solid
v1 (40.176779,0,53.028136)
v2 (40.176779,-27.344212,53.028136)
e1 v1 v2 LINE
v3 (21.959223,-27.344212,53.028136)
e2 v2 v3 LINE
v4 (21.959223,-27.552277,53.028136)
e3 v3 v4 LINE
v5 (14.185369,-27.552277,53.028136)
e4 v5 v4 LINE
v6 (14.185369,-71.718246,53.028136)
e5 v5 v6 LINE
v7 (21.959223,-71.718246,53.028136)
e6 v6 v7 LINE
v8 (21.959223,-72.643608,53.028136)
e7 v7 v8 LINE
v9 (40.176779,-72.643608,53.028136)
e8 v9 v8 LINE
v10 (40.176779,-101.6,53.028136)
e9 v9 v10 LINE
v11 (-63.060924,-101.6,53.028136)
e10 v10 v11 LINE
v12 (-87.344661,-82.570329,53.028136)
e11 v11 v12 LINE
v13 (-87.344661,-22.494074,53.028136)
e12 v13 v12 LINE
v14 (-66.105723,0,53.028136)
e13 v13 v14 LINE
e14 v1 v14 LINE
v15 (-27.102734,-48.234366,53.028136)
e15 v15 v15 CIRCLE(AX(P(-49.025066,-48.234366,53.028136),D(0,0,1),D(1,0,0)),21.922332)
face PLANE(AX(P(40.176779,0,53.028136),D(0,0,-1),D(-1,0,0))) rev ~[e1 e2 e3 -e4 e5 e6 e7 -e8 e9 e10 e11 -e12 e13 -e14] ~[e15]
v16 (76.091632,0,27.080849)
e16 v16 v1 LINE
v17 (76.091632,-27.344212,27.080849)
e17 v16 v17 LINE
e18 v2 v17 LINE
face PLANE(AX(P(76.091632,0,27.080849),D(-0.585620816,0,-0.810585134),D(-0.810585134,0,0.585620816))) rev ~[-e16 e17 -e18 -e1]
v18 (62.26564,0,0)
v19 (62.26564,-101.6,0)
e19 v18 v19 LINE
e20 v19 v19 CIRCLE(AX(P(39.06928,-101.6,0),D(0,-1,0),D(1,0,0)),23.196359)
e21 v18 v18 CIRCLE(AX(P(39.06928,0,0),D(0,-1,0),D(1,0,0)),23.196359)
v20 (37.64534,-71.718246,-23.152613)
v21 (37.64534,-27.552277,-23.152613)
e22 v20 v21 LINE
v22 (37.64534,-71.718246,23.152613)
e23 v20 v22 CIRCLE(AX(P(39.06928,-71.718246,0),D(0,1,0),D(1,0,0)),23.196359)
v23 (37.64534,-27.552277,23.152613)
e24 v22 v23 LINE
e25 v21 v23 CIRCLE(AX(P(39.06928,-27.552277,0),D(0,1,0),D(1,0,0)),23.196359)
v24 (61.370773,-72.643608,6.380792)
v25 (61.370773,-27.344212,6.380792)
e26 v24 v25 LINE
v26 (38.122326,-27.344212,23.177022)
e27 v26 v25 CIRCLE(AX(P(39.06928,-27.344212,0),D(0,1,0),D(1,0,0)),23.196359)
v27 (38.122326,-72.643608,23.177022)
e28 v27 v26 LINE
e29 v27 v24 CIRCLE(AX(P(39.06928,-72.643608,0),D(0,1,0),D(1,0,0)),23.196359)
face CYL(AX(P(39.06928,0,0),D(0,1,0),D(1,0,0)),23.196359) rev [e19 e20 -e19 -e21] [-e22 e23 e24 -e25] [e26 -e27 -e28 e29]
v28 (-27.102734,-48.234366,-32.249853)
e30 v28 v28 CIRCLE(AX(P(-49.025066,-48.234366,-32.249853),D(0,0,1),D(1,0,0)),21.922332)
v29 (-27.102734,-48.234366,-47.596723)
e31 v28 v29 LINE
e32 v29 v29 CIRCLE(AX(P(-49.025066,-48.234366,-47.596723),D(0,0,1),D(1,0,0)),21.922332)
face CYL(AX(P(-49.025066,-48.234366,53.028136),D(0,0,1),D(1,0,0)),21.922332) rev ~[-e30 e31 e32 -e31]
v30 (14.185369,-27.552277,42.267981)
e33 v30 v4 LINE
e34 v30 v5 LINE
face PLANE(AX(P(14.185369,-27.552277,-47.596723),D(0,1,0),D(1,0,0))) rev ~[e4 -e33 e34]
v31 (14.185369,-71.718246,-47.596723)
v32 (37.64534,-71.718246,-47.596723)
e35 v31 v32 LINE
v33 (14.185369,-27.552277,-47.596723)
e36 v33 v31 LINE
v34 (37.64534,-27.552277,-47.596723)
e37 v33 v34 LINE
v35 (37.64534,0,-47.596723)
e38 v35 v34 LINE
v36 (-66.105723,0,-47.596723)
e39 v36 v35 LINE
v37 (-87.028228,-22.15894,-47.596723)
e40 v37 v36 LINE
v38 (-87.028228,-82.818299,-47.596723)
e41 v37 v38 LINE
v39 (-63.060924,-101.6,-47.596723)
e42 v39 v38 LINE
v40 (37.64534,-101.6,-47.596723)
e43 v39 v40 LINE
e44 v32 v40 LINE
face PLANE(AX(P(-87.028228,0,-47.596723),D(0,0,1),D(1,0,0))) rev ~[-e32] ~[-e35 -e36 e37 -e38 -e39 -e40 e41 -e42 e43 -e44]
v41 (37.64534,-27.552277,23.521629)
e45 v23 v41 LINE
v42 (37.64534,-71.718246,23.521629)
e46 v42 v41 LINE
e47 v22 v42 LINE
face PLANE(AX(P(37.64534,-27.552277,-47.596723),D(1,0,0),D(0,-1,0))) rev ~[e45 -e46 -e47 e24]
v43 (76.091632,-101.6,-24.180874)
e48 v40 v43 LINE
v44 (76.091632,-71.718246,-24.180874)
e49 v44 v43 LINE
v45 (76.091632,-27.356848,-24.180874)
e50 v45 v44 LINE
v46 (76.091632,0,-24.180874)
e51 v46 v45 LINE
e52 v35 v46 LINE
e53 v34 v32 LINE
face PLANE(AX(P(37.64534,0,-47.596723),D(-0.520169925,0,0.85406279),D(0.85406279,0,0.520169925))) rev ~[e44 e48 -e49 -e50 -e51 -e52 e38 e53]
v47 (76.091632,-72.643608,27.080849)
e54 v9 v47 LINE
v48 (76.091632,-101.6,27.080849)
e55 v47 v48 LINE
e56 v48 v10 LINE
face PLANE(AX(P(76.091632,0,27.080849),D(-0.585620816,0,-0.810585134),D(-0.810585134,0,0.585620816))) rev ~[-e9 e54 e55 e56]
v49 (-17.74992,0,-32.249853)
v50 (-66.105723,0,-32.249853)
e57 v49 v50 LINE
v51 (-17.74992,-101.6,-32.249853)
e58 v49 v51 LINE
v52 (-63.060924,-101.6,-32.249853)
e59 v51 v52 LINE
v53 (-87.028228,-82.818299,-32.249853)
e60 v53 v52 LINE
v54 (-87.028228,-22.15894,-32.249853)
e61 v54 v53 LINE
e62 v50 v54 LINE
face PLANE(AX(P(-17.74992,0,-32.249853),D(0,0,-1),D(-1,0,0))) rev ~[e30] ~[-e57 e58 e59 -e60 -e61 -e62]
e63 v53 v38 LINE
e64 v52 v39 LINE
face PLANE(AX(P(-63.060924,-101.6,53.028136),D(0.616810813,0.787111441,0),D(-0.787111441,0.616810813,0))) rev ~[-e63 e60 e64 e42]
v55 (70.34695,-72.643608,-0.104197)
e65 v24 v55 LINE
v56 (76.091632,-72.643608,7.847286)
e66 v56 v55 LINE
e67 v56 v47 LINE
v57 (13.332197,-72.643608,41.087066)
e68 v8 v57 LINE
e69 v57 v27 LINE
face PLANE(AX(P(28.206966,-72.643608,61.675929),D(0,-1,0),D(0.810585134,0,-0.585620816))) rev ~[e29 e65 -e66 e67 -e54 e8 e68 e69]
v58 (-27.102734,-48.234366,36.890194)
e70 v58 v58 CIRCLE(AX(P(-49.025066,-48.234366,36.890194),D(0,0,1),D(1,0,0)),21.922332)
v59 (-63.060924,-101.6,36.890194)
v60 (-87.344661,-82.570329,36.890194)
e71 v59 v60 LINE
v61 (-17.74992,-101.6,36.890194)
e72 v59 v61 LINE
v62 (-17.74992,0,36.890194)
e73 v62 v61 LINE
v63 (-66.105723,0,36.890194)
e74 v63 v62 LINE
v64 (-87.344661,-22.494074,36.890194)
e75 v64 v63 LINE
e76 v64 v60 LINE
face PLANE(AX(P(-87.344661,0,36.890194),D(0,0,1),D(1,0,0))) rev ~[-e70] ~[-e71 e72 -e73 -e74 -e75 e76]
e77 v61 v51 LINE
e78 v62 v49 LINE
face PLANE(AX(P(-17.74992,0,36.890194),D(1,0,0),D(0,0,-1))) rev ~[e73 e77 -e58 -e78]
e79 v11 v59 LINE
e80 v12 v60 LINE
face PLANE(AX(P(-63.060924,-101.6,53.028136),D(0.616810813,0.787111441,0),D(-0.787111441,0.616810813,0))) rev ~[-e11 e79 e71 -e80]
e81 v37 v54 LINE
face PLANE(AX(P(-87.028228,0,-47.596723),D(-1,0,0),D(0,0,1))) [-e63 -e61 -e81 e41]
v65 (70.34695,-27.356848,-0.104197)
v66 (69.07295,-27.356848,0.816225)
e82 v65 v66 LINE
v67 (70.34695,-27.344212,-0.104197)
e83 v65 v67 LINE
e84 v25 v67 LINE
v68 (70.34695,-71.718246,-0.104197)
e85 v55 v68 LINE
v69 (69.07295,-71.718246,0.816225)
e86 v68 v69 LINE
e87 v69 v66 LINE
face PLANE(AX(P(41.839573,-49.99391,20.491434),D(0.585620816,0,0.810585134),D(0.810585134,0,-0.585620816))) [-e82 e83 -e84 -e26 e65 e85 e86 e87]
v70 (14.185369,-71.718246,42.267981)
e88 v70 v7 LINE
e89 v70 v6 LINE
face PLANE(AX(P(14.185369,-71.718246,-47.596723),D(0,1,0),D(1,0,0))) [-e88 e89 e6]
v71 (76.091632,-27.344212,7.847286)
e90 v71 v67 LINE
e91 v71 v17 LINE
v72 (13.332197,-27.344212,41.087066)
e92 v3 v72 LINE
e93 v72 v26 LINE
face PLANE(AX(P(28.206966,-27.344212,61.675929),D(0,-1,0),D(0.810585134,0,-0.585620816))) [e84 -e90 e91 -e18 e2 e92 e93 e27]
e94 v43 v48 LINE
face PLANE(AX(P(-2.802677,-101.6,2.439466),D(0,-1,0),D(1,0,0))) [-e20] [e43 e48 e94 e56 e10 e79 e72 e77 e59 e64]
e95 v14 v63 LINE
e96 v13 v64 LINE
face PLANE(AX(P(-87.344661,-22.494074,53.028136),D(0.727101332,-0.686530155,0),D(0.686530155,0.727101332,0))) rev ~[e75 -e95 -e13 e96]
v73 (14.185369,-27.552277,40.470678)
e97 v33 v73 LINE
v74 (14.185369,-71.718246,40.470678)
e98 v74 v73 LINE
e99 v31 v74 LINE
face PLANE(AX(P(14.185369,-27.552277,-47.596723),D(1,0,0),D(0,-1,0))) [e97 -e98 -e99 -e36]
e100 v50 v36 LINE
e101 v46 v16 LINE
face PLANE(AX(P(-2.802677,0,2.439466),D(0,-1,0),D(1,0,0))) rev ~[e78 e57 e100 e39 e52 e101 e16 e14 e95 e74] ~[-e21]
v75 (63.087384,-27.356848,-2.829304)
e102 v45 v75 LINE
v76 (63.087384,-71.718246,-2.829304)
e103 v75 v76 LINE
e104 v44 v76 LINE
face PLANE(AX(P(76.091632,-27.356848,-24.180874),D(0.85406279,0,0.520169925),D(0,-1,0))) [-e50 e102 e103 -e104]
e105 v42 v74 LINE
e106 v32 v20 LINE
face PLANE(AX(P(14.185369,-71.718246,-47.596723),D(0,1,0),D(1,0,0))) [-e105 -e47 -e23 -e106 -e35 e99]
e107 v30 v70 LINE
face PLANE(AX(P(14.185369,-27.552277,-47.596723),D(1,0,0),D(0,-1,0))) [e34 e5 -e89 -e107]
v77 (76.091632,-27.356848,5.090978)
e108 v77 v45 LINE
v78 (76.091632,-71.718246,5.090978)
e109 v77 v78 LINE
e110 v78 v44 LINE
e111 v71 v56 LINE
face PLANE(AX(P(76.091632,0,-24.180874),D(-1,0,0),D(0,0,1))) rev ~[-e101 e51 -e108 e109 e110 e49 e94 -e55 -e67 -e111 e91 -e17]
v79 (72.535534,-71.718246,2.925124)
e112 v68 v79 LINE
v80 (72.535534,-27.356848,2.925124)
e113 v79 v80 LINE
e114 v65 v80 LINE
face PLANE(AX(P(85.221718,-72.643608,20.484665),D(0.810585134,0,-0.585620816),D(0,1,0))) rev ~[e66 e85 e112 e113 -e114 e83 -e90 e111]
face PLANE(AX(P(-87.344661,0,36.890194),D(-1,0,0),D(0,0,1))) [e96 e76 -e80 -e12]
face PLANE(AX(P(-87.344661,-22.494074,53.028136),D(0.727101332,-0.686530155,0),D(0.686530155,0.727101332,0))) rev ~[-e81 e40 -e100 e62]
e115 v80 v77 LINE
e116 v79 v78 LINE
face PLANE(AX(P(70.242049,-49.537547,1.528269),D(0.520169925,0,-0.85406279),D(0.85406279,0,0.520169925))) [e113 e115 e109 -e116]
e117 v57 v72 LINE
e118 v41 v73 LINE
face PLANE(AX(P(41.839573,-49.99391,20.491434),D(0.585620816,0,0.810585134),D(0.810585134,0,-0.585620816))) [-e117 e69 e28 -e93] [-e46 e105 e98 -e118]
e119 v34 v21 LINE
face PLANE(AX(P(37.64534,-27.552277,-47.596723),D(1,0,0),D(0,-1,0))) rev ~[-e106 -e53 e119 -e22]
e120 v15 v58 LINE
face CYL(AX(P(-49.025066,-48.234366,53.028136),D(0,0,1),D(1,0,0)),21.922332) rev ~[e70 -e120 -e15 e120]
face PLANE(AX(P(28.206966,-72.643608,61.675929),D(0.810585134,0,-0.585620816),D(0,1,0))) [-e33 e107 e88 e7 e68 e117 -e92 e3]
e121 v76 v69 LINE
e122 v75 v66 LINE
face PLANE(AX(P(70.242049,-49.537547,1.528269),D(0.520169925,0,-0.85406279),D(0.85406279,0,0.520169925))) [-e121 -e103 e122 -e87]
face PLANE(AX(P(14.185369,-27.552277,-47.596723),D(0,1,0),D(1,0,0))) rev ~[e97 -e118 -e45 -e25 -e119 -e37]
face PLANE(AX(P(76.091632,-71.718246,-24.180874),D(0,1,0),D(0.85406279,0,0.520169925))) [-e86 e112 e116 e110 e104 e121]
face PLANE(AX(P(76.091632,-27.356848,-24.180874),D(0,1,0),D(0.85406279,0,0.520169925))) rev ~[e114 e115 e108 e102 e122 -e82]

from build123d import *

# Parameters (mm, degrees)
F0_R      = 23.1963594976
F0_W      = 20.5508206286
F0_H      = 16.1379426718
F0_W_2    = 19.1440358758
F0_H_2    = 15.3468698263
F1_DEPTH  = 101.6
F3_DEPTH  = 152.4
F4_R      = 21.9223320718
F5_DEPTH  = 254
F6_W      = 70.3377723694
F6_H      = 45.2993959188
F7_DEPTH  = 25.4
F8_W      = 23.4599709511
F8_H      = 44.165968895
F9_DEPTH  = 254
F10_W     = 16.7544244835
F10_H     = 44.361397624
F11_DEPTH = 25


with BuildPart() as f1:
    # F0 (on Front) → F1 (new body)
    with BuildSketch(Plane.XZ):
        Polygon((40.1767790318, 53.0281364918), (-66.7938407264, 53.0281364918), (-66.7938407264, 36.89019382), (-17.7499198207, 36.89019382), (-17.7499198207, -32.2498530149), (-67.8841918707, -32.2498530149), (-67.8841918707, -47.5967228413), (37.6453399658, -47.5967228413), (76.091632247, -24.1808742285), (76.091632247, 27.0808488131), align=None)
        with Locations((39.0692800283, 0)):
            Circle(F0_R, mode=Mode.SUBTRACT)
        with Locations((-77.0692510407, 44.9591651559)):
            Rectangle(F0_W, F0_H)
        with Locations((-77.4562098086, -39.9232879281)):
            Rectangle(F0_W_2, F0_H_2)
    extrude(amount=F1_DEPTH)

    # F2 (on face) → F3 (cut)
    with BuildSketch(Plane.XY.offset(53.0281364918)):
        Polygon((-87.344661355, 0), (-87.344661355, -22.4940739572), (-66.105723381, 0), align=None)
        Polygon((-63.0609244108, -101.6), (-87.344661355, -82.5703293085), (-87.344661355, -101.6), align=None)
    extrude(amount=-F3_DEPTH, mode=Mode.SUBTRACT)

    # F4 (on face) → F5 (cut)
    with BuildSketch(Plane.XY.offset(53.0281364918)):
        with Locations((-49.0250661969, -48.2343658805)):
            Circle(F4_R)
    extrude(amount=-F5_DEPTH, mode=Mode.SUBTRACT)

    # F6 (on face) → F7 (cut)
    with BuildSketch(Plane(origin=(38.9509155446, 0, 53.9137821149), x_dir=(0.810585134, 0, -0.5856208164), z_dir=(0.5856208164, 0, 0.810585134))):
        with Locations((21.9143256545, -49.9939098954)):
            Rectangle(F6_W, F6_H)
    extrude(amount=-F7_DEPTH, mode=Mode.SUBTRACT)

    # F8 (on face) → F9 (cut)
    with BuildSketch(Plane(origin=(0, 0, -47.5967228413), x_dir=(1, 0, 0), z_dir=(0, 0, -1))):
        with Locations((25.9153544903, 49.6352612972)):
            Rectangle(F8_W, F8_H)
    extrude(amount=-F9_DEPTH, mode=Mode.SUBTRACT)

    # F10 (on face) → F11 (cut)
    with BuildSketch(Plane(origin=(31.3311681007, 0, -51.4423912721), x_dir=(0.8540627897, 0, 0.5201699254), z_dir=(0.5201699254, 0, -0.8540627897))):
        with Locations((60.7860804046, 49.5375469327)):
            Rectangle(F10_W, F10_H)
    extrude(amount=-F11_DEPTH, mode=Mode.SUBTRACT)


solid = f1.part
